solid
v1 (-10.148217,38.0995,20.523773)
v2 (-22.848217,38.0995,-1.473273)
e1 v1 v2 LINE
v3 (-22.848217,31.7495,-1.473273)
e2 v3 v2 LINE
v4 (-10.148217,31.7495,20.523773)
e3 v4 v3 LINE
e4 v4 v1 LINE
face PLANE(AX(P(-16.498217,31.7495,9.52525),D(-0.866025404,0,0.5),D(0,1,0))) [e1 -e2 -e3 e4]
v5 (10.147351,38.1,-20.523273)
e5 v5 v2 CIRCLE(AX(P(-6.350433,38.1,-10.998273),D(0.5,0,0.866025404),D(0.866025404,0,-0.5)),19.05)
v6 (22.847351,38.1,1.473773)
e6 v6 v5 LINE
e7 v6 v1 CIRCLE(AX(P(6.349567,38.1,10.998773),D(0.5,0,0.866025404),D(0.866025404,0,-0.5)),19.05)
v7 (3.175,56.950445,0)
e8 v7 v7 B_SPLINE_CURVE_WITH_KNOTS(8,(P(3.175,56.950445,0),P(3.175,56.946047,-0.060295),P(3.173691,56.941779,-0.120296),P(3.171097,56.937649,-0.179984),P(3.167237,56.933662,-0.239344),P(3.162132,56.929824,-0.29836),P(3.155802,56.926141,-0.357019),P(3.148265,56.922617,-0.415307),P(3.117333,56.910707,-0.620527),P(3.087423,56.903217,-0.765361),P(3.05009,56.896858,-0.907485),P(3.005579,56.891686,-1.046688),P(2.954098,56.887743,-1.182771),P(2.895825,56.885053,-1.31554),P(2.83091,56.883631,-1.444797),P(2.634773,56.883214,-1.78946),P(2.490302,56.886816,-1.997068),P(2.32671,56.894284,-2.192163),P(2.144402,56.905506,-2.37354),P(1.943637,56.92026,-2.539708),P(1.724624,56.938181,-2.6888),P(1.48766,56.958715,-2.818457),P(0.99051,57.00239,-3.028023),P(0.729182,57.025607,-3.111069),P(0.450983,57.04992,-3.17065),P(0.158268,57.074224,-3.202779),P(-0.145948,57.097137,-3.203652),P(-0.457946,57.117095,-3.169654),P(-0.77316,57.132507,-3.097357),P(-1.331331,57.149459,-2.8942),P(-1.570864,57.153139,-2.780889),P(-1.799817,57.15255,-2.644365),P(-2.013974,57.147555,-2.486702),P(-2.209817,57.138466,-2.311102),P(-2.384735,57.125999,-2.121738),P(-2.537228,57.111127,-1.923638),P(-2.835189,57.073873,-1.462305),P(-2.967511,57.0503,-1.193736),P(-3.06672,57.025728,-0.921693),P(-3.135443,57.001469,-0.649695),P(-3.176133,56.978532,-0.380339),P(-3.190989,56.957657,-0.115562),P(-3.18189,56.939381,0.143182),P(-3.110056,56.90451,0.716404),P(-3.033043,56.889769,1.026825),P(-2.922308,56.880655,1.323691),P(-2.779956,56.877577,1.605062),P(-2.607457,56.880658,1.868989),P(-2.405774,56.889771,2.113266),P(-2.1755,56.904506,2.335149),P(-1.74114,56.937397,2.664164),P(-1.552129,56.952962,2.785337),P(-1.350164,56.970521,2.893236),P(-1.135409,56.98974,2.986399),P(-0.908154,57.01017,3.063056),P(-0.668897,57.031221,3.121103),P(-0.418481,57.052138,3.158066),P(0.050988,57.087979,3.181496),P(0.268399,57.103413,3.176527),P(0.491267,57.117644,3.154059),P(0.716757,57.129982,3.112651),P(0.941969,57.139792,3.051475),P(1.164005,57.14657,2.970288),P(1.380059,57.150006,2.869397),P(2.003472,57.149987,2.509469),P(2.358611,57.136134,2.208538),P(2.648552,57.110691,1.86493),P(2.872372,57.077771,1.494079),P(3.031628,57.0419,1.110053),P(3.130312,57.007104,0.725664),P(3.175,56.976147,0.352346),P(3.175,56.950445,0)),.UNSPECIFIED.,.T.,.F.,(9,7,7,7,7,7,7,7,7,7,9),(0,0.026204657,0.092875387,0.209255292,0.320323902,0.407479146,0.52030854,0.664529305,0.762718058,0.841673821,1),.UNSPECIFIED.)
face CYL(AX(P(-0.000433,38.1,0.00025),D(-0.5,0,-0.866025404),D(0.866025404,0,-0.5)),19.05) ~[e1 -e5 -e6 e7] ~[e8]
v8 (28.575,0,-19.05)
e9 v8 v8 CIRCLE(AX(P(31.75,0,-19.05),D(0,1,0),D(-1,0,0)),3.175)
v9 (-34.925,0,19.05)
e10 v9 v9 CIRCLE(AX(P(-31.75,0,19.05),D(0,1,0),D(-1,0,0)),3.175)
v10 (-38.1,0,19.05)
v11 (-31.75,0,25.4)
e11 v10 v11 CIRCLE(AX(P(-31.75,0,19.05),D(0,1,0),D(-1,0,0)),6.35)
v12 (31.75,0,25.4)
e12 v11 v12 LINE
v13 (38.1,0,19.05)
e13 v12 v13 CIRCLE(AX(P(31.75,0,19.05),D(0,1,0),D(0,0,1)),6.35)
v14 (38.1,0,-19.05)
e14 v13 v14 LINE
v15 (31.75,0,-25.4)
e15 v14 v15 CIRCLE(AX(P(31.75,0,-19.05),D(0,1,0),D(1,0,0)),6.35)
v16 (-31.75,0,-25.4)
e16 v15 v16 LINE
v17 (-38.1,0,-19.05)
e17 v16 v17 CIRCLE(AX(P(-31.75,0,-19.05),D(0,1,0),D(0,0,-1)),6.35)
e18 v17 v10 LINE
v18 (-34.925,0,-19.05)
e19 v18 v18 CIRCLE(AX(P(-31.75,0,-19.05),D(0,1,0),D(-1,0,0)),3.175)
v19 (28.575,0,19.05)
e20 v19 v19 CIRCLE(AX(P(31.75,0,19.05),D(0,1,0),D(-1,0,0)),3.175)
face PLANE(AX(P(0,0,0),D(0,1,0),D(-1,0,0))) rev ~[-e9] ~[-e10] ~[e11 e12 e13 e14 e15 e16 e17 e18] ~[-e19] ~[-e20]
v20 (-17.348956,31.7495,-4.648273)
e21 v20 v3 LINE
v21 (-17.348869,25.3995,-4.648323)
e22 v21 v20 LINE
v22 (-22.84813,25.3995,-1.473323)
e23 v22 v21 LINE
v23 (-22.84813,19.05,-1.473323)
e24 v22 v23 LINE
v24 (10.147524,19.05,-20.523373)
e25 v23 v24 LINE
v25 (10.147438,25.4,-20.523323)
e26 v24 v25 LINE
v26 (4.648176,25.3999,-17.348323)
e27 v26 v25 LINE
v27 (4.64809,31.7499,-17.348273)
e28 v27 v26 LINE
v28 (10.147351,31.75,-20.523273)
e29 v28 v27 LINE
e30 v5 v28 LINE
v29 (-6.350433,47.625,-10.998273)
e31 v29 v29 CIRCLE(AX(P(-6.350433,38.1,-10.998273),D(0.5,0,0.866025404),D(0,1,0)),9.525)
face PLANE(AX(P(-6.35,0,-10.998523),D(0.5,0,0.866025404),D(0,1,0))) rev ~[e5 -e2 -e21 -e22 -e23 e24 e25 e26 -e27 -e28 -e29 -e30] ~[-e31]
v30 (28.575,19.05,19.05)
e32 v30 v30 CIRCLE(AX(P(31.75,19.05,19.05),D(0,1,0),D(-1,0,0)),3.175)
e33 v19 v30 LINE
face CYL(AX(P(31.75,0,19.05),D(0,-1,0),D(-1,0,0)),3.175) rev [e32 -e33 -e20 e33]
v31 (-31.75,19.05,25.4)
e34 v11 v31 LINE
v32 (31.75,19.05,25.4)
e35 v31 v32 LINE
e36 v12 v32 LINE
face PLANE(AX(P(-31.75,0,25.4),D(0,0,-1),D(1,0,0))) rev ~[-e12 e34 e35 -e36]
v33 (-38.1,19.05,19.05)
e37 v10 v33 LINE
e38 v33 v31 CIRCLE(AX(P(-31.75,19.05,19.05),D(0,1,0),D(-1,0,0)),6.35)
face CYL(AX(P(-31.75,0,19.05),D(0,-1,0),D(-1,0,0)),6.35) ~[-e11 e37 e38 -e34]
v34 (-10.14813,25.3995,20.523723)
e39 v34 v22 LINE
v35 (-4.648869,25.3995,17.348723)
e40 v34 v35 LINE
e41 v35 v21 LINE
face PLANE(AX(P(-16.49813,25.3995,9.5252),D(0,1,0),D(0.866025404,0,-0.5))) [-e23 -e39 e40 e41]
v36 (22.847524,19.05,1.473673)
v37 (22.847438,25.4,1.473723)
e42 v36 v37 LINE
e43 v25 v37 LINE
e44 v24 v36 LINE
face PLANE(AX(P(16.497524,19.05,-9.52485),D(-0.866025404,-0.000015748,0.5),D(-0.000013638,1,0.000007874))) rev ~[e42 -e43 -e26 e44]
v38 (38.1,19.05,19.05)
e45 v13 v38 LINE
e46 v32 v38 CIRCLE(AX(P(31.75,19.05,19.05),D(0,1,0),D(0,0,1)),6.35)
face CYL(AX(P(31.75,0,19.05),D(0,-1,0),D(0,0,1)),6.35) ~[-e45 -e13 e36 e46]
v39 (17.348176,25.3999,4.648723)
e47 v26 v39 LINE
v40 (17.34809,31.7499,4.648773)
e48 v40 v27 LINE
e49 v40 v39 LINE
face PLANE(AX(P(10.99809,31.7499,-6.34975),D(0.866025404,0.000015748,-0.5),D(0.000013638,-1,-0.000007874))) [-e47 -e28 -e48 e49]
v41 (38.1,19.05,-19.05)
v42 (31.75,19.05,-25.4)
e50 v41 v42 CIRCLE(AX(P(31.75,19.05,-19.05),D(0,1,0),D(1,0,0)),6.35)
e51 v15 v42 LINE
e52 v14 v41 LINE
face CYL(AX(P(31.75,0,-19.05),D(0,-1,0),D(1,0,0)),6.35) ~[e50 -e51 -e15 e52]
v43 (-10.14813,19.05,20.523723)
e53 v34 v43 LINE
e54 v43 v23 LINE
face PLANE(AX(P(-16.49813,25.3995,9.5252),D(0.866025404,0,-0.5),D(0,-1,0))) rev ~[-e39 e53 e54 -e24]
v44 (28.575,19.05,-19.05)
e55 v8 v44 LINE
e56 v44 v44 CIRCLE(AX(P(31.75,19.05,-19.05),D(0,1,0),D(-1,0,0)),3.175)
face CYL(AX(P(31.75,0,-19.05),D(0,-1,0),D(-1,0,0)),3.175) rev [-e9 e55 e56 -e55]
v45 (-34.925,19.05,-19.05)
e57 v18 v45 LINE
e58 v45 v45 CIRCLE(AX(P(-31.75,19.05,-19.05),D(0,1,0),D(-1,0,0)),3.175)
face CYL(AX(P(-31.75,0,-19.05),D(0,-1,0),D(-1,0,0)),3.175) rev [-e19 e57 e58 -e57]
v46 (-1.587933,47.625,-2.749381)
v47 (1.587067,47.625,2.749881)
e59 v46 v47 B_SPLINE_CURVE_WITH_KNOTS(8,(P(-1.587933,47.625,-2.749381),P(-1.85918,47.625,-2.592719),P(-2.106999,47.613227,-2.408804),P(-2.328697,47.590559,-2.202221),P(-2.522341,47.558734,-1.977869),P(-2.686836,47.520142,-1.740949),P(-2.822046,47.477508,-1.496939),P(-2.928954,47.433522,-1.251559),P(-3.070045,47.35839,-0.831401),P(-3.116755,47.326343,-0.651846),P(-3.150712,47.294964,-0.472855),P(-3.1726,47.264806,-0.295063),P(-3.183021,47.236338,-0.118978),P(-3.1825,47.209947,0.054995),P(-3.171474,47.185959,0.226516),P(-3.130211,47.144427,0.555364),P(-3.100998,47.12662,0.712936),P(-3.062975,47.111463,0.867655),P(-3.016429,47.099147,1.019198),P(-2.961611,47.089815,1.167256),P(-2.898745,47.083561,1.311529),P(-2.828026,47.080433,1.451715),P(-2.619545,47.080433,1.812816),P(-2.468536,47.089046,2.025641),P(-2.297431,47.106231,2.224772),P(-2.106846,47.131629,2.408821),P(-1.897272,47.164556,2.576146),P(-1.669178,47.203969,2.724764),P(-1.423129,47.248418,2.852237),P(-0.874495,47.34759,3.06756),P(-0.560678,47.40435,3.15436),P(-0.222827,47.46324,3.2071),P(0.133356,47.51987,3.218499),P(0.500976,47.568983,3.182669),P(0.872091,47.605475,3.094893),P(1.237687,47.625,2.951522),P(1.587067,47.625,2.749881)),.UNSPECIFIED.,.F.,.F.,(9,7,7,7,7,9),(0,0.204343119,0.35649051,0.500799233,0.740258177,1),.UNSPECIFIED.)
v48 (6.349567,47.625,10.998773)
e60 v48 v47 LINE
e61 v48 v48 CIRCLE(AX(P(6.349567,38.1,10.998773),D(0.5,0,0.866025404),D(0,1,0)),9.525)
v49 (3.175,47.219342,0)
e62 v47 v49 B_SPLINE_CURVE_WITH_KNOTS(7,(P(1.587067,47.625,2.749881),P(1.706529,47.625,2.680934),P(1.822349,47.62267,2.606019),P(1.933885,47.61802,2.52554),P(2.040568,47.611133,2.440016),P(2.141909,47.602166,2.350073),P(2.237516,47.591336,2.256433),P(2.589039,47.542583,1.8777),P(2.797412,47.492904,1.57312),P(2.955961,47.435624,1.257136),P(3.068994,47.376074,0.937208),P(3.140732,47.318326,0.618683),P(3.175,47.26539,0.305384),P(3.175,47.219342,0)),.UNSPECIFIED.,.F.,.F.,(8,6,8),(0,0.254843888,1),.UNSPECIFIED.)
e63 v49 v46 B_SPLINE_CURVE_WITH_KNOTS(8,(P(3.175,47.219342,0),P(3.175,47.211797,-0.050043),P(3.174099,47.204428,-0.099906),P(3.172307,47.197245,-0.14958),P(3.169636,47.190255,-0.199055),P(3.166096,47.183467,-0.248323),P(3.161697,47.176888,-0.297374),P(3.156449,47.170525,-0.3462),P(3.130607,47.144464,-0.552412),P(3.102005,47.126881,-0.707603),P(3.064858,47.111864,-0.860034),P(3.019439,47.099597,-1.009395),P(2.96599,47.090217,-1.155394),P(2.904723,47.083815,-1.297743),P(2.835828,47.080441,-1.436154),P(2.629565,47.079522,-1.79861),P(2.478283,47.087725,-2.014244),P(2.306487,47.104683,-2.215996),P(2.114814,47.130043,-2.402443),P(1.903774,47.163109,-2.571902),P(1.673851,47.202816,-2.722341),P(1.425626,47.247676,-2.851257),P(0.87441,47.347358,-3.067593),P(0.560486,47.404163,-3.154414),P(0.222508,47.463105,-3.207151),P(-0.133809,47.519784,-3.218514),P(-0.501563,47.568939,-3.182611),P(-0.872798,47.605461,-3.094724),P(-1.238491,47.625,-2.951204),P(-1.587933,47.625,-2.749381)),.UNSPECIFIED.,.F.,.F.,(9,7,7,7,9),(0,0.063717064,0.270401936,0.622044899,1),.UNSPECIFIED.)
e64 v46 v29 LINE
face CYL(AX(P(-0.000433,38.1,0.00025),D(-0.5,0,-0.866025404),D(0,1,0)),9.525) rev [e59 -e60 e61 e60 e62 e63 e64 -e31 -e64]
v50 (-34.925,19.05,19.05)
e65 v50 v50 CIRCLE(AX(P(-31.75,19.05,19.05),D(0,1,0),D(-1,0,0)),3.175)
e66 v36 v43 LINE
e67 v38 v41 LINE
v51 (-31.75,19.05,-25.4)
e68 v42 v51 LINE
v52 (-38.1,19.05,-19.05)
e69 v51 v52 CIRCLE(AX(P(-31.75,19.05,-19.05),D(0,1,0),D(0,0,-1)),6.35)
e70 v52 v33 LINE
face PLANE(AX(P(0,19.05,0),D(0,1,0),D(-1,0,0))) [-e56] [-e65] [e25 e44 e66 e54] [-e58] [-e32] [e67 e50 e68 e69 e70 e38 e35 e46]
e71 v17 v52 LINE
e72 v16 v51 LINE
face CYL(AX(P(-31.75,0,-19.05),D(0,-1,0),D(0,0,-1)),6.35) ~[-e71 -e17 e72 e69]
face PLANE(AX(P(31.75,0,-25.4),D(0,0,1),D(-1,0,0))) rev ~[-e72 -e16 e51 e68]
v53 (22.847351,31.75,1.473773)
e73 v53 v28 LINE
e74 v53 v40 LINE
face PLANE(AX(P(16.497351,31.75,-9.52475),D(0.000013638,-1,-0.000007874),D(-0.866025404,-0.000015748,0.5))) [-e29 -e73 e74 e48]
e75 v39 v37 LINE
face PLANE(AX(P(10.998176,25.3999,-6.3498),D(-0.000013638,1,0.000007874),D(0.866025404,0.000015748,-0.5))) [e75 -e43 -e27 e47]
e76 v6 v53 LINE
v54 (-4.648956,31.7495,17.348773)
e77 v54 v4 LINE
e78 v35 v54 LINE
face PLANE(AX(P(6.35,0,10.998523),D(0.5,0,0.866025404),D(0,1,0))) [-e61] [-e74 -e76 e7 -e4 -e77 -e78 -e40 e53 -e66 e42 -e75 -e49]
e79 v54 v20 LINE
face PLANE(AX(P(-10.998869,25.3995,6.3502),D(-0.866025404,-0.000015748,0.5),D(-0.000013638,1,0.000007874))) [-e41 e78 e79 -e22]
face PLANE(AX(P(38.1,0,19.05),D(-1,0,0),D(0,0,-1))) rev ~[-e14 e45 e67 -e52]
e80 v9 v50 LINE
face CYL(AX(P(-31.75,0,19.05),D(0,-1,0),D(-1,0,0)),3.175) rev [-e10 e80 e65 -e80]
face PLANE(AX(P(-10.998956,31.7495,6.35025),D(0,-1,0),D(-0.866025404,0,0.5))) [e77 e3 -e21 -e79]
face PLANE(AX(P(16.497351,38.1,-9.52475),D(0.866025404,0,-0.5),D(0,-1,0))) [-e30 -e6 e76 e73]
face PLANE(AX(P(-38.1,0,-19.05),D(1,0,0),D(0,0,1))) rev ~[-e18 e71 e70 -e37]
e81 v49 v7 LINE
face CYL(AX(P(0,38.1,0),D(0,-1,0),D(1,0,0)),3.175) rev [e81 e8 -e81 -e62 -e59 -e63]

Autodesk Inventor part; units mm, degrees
sketch "Sketch1" plane through (0, 0, 0) normal (0, 1, 0) x (-1, 0, 0)
  line L0 (31.75, 25.4) -> (-31.75, 25.4)
  line L1 (-38.1, 19.05) -> (-38.1, -19.05)
  line L2 (-31.75, -25.4) -> (31.75, -25.4)
  line L3 (38.1, -19.05) -> (38.1, 19.05)
  arc A0 (31.75, -25.4) -> (38.1, -19.05) centre (31.75, -19.05) ccw
  arc A1 (38.1, 19.05) -> (31.75, 25.4) centre (31.75, 19.05) ccw
  arc A2 (-31.75, 25.4) -> (-38.1, 19.05) centre (-31.75, 19.05) ccw
  arc A3 (-38.1, -19.05) -> (-31.75, -25.4) centre (-31.75, -19.05) ccw
  circle A4 centre (31.75, -19.05) radius 3.175
  circle A5 centre (31.75, 19.05) radius 3.175
  circle A6 centre (-31.75, 19.05) radius 3.175
  circle A7 centre (-31.75, -19.05) radius 3.175
  point P0 (0, 0)
  dimension "d0" = 6.35
  dimension "d1" = 50.8
  dimension "d2" = 76.2
  dimension "d3" = 38.1
  dimension "d4" = 25.4
  dimension "d5" = 6.35
  dimension "d6" = 6.35
  dimension "d7" = 6.35
  dimension "d8" = 6.35
extrude "Extrusion1" add sketch "Sketch1" along normal blind 19.05
ref_plane "Work Plane1" through (0, 0, 0) normal (0.5, 0, 0.866) x (0, 1, 0)
sketch "Sketch2" plane through (0, 0, 0) normal (0.5, 0, 0.866) x (0, 1, 0)
  line L0 (19.05, -40.1963) -> (19.05, 14.7963) projected
  line L1 (0, 14.7963) -> (19.05, 14.7963) projected
  line L2 (25.3995, 19.0504) -> (25.3995, 12.7004)
  line L3 (25.3995, 12.7004) -> (31.7495, 12.7005)
  line L4 (31.7495, 12.7005) -> (31.7495, 19.0505)
  line L5 (31.7495, 19.0505) -> (38.0995, 19.0505)
  line L6 (38.1, -19.0495) -> (31.75, -19.0495)
  line L7 (31.75, -19.0495) -> (31.7499, -12.6995)
  line L8 (31.7499, -12.6995) -> (25.3999, -12.6996)
  line L9 (25.3999, -12.6996) -> (25.4, -19.0496)
  line L10 (19.05, -19.0497) -> (25.4, -19.0496)
  arc A0 (38.1, -19.0495) -> (38.0995, 19.0505) centre (38.1, 0.0005) ccw
  circle A1 centre (38.1, 0.0005) radius 9.525
  line L11 (25.3995, 19.0504) -> (19.05, 19.0504)
  line L12 (19.05, 19.0504) -> (19.05, -19.0497)
  point P0 (0, 0)
  dimension "d19" = 38.1
  dimension "d20" = 19.05
  dimension "d21" = 6.35
  dimension "d22" = 6.35
  dimension "d23" = 6.35
  dimension "d25" = 6.35
  dimension "d28" = 19.05
  dimension "d29" = 19.05
  dimension "d30" = 6.35
  dimension "d31" = 6.3495
  dimension "d32" = 38.1001
extrude "Extrusion2" add sketch "Sketch2" along normal mid plane 25.4
ref_plane "Work Plane2" through (0, 38.1, 0) normal (0, 1, 0) x (1, 0, 0)
sketch "Sketch3" plane through (0, 38.1, 0) normal (0, 1, 0) x (1, 0, 0)
  circle A0 centre (0, 0) radius 3.175
  dimension "d36" = 6.35
extrude "Extrusion3" cut sketch "Sketch3" along normal blind 25.4
equation "\"d6\" = d5"
equation "\"d7\" = d5"
equation "\"d8\" = d5"
properties part number "Chpt9_Tutorial"
